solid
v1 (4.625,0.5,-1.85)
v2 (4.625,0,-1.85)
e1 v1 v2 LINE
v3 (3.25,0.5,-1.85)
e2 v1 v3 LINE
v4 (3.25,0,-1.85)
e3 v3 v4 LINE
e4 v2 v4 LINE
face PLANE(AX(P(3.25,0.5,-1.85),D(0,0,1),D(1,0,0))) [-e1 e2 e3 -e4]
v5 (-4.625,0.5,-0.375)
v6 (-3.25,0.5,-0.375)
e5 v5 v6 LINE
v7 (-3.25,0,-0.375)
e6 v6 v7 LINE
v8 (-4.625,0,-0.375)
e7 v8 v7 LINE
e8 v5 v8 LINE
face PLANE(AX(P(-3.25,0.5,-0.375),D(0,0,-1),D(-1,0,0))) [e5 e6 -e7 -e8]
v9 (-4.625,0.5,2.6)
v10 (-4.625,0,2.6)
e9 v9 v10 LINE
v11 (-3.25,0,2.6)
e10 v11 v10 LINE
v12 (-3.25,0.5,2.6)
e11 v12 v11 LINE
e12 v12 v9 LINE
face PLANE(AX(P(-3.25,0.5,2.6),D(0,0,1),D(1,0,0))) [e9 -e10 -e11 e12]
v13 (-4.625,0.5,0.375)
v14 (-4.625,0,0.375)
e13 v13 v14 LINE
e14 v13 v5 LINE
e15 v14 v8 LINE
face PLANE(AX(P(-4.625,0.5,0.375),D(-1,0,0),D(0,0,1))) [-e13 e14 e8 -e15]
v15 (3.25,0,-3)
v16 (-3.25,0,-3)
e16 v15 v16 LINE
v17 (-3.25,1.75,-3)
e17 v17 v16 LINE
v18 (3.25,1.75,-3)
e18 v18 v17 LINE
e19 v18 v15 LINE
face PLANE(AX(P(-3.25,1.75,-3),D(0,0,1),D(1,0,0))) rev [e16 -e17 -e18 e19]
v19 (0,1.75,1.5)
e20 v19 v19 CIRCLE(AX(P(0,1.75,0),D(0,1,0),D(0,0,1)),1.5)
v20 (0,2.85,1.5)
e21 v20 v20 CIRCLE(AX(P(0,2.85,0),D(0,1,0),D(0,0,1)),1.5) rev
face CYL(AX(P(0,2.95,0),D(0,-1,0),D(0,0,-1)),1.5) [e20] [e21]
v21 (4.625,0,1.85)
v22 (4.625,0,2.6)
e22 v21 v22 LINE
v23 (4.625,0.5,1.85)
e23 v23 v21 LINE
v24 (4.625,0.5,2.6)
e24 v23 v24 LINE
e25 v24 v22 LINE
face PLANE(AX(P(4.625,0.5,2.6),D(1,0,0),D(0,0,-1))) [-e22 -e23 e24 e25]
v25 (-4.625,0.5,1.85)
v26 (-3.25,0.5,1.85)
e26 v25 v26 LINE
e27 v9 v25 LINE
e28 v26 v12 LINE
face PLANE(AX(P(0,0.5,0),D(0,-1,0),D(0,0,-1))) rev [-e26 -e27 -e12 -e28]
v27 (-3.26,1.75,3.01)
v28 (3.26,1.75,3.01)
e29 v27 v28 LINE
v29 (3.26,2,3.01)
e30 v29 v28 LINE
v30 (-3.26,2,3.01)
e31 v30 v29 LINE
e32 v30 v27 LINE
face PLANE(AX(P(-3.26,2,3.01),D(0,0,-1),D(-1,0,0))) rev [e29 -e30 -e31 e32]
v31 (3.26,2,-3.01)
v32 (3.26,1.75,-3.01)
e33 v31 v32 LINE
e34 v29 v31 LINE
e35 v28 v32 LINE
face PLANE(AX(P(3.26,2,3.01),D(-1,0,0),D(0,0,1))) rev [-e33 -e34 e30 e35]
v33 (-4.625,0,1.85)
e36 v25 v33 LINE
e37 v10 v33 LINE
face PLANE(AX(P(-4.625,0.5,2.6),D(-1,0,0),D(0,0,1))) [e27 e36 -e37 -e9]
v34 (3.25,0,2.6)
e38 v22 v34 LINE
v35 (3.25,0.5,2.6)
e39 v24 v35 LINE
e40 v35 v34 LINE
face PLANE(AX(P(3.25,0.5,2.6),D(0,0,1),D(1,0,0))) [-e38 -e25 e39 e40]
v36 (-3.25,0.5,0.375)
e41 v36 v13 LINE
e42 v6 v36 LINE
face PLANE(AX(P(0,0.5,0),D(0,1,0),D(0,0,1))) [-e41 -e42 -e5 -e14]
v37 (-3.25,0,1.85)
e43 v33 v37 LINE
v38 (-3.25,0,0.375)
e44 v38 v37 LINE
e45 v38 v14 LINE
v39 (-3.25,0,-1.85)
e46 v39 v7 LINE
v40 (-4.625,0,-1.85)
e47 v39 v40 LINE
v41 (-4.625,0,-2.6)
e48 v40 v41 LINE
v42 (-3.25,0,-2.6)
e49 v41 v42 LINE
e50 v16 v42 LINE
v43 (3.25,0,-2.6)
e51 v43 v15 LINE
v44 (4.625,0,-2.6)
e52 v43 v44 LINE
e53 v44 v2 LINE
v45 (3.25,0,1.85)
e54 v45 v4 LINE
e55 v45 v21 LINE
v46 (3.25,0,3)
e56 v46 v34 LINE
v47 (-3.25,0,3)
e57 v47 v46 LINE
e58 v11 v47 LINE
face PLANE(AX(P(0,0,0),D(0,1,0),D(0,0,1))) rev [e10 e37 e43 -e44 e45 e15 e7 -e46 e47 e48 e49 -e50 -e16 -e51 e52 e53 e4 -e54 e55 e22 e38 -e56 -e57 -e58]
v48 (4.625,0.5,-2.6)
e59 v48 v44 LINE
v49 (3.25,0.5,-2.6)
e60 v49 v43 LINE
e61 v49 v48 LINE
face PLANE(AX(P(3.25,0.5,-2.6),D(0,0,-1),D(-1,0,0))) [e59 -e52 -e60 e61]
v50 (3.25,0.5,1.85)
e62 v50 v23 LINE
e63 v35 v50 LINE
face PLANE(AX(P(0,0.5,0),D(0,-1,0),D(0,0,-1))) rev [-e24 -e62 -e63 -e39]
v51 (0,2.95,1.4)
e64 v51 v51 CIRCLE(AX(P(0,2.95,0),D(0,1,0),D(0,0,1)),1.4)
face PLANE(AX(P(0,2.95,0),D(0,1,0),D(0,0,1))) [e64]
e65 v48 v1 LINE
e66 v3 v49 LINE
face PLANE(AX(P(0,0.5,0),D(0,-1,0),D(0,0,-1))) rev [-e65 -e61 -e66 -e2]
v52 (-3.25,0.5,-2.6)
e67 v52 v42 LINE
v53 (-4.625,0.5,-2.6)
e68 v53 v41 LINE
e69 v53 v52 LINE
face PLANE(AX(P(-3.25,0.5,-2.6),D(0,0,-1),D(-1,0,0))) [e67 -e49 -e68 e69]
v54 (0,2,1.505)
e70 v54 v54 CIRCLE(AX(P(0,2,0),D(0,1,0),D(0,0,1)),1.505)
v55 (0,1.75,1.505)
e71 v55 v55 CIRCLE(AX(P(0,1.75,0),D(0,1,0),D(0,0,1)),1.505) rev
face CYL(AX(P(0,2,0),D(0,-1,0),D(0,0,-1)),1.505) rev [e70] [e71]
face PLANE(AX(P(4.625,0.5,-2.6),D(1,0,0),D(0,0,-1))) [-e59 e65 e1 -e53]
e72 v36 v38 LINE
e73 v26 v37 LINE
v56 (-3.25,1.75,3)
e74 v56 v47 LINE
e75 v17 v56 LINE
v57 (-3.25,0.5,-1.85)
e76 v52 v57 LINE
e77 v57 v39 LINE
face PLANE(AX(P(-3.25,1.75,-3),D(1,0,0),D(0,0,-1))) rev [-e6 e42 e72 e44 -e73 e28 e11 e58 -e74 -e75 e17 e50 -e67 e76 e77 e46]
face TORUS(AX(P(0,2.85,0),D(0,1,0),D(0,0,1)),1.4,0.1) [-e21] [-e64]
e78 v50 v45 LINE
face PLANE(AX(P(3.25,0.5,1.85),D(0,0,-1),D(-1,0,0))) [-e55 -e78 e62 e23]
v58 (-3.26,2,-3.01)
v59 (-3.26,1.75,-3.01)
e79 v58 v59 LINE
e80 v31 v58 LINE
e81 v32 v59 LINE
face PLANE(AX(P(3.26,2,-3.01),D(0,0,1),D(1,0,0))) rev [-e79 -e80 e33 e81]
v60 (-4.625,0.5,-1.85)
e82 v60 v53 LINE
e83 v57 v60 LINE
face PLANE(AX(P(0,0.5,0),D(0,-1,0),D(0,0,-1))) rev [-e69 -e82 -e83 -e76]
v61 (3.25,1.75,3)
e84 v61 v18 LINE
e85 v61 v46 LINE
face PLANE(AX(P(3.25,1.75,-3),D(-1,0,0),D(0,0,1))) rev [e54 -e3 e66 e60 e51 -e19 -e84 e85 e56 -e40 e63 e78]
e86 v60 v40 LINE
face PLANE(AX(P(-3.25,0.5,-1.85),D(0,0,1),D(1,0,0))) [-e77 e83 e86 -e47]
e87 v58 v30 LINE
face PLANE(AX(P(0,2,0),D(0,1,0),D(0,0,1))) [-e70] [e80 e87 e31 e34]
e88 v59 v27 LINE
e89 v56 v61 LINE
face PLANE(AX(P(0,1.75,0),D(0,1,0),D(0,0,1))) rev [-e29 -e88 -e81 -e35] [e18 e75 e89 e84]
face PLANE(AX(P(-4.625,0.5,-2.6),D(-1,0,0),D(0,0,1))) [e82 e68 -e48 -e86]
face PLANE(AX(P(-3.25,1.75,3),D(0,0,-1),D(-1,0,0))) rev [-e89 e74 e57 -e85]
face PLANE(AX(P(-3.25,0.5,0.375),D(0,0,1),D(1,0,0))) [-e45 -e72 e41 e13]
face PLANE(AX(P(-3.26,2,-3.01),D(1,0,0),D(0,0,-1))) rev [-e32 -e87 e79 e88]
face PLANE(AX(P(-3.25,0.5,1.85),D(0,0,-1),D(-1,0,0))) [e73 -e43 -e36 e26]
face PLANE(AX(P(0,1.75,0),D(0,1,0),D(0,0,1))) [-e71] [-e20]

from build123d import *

# Parameters (mm, degrees)
SKETCH1_W           = 6.5
SKETCH1_H           = 6
BOSS_EXTRUDE1_DEPTH = 1.75
SKETCH2_W           = 6.52
SKETCH2_H           = 6.02
SKETCH2_R           = 1.505
BOSS_EXTRUDE2_DEPTH = 0.25
SKETCH3_R           = 1.5
BOSS_EXTRUDE3_DEPTH = 1.2
FILLET1_R           = 0.1
SKETCH4_W           = 1.375
SKETCH4_H           = 0.75
BOSS_EXTRUDE4_DEPTH = 0.5


with BuildPart() as part:
    # Sketch1 → Boss-Extrude1 (new body)
    with BuildSketch(Plane(origin=(0, 0, 0), x_dir=(1, 0, 0), z_dir=(0, 1, 0))):
        Rectangle(SKETCH1_W, SKETCH1_H)
    extrude(amount=BOSS_EXTRUDE1_DEPTH)

    # Sketch2 → Boss-Extrude2 (add)
    with BuildSketch(Plane(origin=(0, 1.75, 0), x_dir=(1, 0, 0), z_dir=(0, 1, 0))):
        Rectangle(SKETCH2_W, SKETCH2_H)
        Circle(SKETCH2_R, mode=Mode.SUBTRACT)
    extrude(amount=BOSS_EXTRUDE2_DEPTH)

    # Sketch3 → Boss-Extrude3 (add)
    with BuildSketch(Plane(origin=(0, 1.75, 0), x_dir=(1, 0, 0), z_dir=(0, 1, 0))):
        Circle(SKETCH3_R)
    extrude(amount=BOSS_EXTRUDE3_DEPTH)

    # Fillet1
    fillet1_edges = [part.edges().sort_by_distance(p)[0] for p in [
        (-1.5, 2.95, 0),
    ]]
    fillet(fillet1_edges, radius=FILLET1_R)

    # Sketch4 → Boss-Extrude4 (add)
    with BuildSketch(Plane.XZ):
        with Locations((3.9375, 2.225)):
            Rectangle(SKETCH4_W, SKETCH4_H)
        with Locations((3.9375, -2.225)):
            Rectangle(SKETCH4_W, SKETCH4_H)
        with Locations((-3.9375, -2.225)):
            Rectangle(SKETCH4_W, SKETCH4_H)
        with Locations((-3.9375, 2.225)):
            Rectangle(SKETCH4_W, SKETCH4_H)
        with Locations((-3.9375, 0)):
            Rectangle(SKETCH4_W, SKETCH4_H)
    extrude(amount=-BOSS_EXTRUDE4_DEPTH)


solid = part.part
